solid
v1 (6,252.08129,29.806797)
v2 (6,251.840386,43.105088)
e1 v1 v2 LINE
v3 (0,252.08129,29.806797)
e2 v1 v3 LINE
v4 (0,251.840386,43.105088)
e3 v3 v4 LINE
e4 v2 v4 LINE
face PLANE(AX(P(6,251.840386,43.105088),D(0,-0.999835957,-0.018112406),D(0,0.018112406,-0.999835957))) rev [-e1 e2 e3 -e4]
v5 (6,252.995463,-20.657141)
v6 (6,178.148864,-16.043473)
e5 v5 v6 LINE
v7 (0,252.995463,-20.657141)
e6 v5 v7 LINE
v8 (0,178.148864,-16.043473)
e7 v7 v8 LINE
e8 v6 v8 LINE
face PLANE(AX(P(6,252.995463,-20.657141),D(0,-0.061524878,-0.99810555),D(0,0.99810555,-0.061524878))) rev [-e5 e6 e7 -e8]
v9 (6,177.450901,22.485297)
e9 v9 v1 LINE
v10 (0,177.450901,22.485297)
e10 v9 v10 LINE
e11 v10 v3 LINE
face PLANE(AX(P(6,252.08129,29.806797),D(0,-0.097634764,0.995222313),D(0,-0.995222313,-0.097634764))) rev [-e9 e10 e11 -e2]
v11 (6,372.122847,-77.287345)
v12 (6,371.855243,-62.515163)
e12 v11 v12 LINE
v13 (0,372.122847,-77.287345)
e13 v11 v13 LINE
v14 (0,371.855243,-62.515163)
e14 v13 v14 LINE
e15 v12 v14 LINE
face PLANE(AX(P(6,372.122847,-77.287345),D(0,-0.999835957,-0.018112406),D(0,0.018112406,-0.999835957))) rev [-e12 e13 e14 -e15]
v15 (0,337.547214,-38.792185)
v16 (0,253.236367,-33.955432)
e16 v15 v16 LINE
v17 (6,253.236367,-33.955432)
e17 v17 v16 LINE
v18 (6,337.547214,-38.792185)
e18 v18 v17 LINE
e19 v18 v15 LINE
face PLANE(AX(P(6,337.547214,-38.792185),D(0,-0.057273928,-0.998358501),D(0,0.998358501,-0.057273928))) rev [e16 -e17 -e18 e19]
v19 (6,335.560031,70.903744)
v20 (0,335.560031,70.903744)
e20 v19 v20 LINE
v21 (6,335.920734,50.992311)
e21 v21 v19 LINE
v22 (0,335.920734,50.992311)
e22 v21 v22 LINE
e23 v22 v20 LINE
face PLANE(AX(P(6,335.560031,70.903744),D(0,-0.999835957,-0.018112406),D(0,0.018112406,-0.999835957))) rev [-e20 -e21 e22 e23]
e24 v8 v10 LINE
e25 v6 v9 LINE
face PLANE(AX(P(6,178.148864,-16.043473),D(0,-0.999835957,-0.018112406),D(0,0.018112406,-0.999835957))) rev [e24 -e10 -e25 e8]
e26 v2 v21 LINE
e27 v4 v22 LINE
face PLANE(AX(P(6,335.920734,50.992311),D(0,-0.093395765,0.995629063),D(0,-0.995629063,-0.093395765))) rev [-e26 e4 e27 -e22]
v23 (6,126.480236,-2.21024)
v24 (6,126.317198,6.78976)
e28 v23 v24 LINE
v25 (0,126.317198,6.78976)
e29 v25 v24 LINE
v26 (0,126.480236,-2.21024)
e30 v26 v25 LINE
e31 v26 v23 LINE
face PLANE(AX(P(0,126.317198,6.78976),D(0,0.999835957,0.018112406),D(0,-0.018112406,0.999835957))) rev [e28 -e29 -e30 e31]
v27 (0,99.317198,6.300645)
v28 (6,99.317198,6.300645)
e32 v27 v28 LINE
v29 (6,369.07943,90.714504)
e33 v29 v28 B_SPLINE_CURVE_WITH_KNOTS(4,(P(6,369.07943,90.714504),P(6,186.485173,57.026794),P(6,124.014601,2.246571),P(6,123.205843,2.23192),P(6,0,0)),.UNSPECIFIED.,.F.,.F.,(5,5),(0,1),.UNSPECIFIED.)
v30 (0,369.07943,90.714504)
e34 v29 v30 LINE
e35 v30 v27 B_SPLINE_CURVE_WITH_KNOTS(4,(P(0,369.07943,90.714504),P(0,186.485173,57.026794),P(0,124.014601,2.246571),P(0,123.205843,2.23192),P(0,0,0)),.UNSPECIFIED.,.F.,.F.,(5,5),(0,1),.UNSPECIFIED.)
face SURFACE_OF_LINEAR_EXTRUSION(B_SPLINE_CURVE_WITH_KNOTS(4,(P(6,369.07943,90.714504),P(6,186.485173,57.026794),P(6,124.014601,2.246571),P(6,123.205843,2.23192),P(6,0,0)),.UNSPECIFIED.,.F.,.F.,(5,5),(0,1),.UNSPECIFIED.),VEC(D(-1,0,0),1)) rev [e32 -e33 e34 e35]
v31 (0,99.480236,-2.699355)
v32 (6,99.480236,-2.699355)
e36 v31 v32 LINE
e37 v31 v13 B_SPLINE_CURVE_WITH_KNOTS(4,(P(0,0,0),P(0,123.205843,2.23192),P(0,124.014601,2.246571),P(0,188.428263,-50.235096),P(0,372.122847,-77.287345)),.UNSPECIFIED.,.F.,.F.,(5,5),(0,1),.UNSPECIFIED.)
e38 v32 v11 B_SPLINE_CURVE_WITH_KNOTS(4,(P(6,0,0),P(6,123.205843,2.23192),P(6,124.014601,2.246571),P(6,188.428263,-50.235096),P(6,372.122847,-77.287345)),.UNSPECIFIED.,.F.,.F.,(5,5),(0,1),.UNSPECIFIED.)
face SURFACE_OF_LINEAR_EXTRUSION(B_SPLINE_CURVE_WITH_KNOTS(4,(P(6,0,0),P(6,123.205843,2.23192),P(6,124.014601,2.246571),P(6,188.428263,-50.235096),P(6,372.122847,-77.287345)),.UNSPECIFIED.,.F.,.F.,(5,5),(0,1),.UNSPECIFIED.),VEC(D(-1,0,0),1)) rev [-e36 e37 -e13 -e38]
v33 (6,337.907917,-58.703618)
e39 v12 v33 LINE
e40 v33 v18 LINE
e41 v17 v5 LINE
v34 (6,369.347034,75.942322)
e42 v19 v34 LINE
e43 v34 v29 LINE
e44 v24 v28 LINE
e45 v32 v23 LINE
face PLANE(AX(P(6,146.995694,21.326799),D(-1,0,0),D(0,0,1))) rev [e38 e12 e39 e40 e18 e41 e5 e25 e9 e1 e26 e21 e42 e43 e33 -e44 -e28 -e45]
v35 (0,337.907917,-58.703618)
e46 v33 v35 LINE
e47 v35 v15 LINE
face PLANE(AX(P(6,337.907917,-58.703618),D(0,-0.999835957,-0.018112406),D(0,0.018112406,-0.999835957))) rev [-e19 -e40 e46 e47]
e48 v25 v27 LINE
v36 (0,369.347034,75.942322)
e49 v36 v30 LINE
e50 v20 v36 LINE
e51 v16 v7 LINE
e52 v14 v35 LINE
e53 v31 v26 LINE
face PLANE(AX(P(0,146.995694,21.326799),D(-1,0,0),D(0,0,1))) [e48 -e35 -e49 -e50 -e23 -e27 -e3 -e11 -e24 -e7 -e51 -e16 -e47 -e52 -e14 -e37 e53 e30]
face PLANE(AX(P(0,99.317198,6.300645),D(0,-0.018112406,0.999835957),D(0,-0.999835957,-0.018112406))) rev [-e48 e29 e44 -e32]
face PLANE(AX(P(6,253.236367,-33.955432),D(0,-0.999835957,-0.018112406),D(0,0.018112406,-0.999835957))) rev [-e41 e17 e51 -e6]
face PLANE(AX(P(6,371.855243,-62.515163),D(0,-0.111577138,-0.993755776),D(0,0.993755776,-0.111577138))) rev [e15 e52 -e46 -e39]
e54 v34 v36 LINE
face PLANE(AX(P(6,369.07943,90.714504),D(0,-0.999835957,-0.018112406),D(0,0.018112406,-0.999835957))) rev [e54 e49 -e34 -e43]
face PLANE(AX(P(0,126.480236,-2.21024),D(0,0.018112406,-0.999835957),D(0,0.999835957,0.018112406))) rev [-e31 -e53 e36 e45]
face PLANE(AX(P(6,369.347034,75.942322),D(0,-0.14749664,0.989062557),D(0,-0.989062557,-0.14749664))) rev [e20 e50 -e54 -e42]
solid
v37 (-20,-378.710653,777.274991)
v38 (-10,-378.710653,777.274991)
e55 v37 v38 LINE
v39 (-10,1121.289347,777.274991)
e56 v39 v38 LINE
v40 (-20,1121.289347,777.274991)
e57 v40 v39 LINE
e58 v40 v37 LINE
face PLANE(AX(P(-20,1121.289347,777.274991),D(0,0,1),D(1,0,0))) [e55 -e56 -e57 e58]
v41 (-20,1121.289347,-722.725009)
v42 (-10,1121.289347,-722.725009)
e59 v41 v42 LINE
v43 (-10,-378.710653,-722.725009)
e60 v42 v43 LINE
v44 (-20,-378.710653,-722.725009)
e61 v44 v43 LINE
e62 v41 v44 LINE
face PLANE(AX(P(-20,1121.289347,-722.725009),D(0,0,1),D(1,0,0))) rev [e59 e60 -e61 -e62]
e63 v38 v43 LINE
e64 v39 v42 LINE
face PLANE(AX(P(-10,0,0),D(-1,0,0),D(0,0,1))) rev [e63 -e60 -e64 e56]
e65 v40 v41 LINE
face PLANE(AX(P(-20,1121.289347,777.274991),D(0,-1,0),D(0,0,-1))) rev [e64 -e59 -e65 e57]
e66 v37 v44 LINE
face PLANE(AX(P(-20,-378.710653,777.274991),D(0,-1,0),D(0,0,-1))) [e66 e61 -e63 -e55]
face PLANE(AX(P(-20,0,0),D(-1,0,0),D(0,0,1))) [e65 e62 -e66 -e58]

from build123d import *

# Parameters (mm, degrees)
BOSS_EXTRU_2_DEPTH      = 10
BOSS_EXTRU_3_DEPTH      = 6
ENL_V_MAT_EXTRU_1_DEPTH = 6


with BuildPart() as part:
    # Esquisse3D1 → Boss.-Extru.2 (new body)
    with BuildSketch(Plane(origin=(-20, 1121.289346724, 777.274991403), x_dir=(0, -0.7071067811865476, -0.7071067811865476), z_dir=(1, 0, 0))):
        Polygon((0, 0), (1060.66017178, 1060.66017178), (2121.32034356, 0), (1060.66017178, -1060.66017178), align=None)
    extrude(amount=BOSS_EXTRU_2_DEPTH)


with BuildPart() as body_2:
    # Esquisse5 → Boss.-Extru.3 (new body)
    with BuildSketch(Plane(origin=(0, 0, 0), x_dir=(0, 0, -1), z_dir=(1, 0, 0))):
        with BuildLine():
            Line((77.287344643, 372.1228469), (62.515163388, 371.855243264))
            Line((62.515163388, 371.855243264), (58.703617713, 337.907916837))
            Line((58.703617713, 337.907916837), (38.792184843, 337.547213718))
            Line((38.792184843, 337.547213718), (33.955431891, 253.236366537))
            Line((33.955431891, 253.236366537), (20.657141386, 252.995462988))
            Line((20.657141386, 252.995462988), (16.043473159, 178.148864034))
            Line((16.043473159, 178.148864034), (-22.485297051, 177.450900827))
            Line((-22.485297051, 177.450900827), (-29.806797304, 252.081289701))
            Line((-29.806797304, 252.081289701), (-43.105087809, 251.840386152))
            Line((-43.105087809, 251.840386152), (-50.99231078, 335.920733708))
            Line((-50.99231078, 335.920733708), (-70.903743651, 335.56003059))
            Line((-70.903743651, 335.56003059), (-75.942322258, 369.347033677))
            Line((-75.942322258, 369.347033677), (-90.714503513, 369.079430041))
            add(Edge.make_bspline(
                [(0, 0), (-2.231920332, 123.205843338), (-2.246571286, 124.014601197), (-57.02679385, 186.485173332), (-90.714503513, 369.079430041)],
                knots=[0, 0, 0, 0, 0, 1, 1, 1, 1, 1], degree=4))
            add(Edge.make_bspline(
                [(0, 0), (-2.231920332, 123.205843338), (-2.246571286, 124.014601197), (50.235095514, 188.428262923), (77.287344643, 372.1228469)],
                knots=[0, 0, 0, 0, 0, 1, 1, 1, 1, 1], degree=4))
        make_face()
    extrude(amount=BOSS_EXTRU_3_DEPTH)

    # Esquisse6 → Enlèv. mat.-Extru.1 (cut)
    with BuildSketch(Plane(origin=(6, 0, 0), x_dir=(0, 0, -1), z_dir=(1, 0, 0))):
        Polygon((-6.300645255, 99.317197706), (-6.789760441, 126.317197706), (2.210239559, 126.480236102), (2.699354745, 99.480236102), (117.063261114, -47.52702125), (-85.227699586, -65.220017949), align=None)
    extrude(amount=-ENL_V_MAT_EXTRU_1_DEPTH, mode=Mode.SUBTRACT)


solid = Compound([part.part, body_2.part])
